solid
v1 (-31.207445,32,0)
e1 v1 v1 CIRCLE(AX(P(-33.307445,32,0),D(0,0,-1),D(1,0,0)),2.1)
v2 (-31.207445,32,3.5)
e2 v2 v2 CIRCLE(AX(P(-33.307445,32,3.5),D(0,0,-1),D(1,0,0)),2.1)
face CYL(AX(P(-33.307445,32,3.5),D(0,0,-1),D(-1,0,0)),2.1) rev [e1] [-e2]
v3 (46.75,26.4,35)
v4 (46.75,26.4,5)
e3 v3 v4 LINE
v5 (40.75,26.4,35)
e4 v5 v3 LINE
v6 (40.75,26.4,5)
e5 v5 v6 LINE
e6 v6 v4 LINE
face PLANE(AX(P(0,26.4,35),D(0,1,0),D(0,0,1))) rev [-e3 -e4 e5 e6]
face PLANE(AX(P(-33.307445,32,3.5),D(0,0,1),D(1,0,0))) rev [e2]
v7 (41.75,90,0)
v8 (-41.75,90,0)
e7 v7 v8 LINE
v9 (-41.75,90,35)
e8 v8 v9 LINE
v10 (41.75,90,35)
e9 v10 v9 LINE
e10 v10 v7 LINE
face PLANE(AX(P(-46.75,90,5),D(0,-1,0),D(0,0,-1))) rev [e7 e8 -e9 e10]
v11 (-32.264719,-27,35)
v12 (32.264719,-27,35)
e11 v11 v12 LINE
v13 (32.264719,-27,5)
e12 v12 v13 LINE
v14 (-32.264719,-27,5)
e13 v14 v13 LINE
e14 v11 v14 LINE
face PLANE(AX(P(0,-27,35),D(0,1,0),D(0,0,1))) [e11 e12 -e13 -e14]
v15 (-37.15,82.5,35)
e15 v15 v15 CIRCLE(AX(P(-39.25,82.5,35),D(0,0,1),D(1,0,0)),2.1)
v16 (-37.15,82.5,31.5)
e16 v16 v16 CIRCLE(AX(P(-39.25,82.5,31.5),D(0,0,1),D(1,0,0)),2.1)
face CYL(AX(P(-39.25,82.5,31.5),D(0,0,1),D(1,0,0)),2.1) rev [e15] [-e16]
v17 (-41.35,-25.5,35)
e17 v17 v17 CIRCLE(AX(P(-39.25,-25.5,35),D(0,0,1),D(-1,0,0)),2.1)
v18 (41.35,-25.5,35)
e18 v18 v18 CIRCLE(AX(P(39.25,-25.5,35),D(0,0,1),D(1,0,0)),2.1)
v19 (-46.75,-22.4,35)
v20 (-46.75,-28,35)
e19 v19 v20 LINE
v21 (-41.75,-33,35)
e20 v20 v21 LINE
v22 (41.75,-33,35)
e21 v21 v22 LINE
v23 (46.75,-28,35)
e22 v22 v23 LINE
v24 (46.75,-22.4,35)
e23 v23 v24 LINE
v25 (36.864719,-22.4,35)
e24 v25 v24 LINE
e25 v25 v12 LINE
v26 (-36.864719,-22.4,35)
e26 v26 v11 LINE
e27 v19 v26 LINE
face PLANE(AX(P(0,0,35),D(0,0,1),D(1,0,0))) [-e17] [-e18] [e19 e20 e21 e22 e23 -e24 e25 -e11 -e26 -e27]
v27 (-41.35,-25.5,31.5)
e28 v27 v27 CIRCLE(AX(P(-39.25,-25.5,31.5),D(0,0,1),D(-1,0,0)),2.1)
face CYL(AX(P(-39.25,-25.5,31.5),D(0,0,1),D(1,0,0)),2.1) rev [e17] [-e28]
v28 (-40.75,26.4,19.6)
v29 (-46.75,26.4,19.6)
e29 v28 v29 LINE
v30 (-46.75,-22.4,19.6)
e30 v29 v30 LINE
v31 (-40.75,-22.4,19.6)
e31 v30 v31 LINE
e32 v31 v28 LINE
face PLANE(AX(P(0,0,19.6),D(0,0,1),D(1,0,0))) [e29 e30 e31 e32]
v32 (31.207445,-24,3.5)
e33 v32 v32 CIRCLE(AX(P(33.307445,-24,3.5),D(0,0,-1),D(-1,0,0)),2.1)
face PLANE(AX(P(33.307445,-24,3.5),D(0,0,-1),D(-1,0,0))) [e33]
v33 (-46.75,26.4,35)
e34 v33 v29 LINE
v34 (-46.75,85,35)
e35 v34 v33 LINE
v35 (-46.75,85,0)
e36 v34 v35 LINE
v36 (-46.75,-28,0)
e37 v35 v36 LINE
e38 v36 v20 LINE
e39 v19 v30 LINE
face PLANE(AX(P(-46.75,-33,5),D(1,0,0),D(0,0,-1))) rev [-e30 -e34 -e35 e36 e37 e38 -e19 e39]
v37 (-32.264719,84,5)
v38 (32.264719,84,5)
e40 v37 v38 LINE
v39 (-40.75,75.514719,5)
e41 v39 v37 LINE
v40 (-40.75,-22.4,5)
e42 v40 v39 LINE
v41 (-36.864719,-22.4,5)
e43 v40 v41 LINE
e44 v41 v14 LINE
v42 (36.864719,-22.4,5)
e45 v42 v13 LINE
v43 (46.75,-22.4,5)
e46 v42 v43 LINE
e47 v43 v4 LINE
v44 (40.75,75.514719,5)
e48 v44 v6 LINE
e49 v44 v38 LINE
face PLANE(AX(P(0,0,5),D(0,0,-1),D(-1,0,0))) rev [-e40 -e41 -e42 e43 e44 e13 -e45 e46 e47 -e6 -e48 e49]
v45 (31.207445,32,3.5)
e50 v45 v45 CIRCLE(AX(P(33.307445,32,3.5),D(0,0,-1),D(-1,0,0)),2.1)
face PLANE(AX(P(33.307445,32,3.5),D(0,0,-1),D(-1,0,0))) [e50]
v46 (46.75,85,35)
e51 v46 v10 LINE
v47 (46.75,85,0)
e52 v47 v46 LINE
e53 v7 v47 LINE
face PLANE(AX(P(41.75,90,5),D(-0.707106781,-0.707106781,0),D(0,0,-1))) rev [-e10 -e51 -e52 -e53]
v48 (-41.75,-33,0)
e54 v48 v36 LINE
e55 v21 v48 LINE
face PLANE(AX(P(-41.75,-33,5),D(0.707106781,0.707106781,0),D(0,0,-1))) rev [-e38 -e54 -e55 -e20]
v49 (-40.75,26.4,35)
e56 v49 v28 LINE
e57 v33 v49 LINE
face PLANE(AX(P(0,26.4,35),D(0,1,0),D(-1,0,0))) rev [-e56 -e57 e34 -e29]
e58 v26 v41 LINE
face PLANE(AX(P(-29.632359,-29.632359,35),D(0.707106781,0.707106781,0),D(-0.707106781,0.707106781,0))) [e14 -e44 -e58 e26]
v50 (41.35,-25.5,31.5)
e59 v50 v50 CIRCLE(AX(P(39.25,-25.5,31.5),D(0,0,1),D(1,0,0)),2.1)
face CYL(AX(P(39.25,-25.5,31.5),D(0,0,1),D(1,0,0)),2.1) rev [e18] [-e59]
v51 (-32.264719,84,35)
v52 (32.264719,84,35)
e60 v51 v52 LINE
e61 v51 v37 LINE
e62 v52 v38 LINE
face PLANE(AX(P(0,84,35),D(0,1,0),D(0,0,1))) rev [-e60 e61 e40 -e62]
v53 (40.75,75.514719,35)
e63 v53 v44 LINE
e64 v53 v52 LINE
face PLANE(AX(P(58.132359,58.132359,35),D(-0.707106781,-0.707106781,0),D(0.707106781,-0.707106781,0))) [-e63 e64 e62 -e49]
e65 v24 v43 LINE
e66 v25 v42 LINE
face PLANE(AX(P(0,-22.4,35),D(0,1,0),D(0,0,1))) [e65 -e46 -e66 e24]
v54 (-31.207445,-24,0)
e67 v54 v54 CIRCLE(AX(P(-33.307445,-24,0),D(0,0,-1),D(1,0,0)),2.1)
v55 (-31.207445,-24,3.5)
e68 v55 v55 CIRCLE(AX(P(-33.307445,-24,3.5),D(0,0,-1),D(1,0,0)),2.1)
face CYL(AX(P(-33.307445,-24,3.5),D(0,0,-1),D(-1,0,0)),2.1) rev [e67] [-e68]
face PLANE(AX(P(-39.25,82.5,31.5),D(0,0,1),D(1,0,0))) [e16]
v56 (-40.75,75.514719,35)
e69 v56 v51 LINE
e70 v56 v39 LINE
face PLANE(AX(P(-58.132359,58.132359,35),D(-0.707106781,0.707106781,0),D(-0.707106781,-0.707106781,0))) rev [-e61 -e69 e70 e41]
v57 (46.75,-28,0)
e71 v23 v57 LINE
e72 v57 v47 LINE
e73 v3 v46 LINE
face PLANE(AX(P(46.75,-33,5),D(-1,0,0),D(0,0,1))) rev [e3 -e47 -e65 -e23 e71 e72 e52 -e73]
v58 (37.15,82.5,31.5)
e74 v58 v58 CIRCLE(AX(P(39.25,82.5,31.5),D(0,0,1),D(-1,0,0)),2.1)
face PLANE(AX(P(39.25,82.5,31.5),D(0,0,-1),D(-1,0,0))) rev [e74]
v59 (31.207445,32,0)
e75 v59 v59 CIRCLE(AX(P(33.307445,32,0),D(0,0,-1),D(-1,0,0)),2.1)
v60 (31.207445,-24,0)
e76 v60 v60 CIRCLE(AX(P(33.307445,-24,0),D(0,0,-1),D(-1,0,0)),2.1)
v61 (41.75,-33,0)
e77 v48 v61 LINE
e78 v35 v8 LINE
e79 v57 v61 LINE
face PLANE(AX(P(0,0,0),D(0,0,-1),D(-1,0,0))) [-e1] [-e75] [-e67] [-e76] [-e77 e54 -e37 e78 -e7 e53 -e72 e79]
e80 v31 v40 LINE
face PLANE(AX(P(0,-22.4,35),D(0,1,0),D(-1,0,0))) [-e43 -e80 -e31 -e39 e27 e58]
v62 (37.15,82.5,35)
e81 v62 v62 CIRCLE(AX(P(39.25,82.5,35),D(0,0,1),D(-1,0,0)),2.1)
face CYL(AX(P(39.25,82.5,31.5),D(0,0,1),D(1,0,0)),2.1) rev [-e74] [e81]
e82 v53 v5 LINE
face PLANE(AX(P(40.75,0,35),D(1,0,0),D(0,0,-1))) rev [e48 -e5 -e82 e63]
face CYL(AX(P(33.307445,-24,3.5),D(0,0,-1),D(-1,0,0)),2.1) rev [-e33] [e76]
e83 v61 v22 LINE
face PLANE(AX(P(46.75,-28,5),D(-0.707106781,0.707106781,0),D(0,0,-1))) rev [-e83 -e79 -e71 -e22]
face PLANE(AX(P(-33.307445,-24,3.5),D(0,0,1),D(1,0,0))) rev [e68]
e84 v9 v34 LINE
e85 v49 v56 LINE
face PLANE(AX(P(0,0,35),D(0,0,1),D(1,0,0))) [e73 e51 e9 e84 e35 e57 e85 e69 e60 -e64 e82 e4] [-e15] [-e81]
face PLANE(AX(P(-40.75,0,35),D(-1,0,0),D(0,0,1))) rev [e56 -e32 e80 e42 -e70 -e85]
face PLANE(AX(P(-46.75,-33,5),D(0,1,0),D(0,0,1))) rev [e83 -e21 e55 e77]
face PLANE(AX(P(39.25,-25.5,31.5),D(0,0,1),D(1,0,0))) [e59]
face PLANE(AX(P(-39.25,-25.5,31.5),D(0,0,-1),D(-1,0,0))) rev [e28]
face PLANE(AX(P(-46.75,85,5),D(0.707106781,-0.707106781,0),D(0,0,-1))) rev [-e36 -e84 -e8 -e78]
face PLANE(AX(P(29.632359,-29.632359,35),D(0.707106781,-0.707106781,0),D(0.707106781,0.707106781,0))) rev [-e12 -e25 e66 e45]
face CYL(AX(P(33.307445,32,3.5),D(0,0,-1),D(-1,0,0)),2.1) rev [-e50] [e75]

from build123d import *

# Parameters (mm, degrees)
SKETCH1_W           = 93.5
SKETCH1_H           = 123
BOSS_EXTRUDE1_DEPTH = 5
BOSS_EXTRUDE2_DEPTH = 30
CHAMFER1_SIZE       = 5
SKETCH4_W           = 6
SKETCH4_H           = 48.8
BOSS_EXTRUDE3_DEPTH = 14.6
SKETCH5_R           = 2.1
CUT_EXTRUDE1_DEPTH  = 3.5
SKETCH6_R           = 2.1
CUT_EXTRUDE2_DEPTH  = 3.5


with BuildPart() as part:
    # Sketch1 → Boss-Extrude1 (new body)
    with BuildSketch(Plane.XY):
        with Locations((0, 28.5)):
            Rectangle(SKETCH1_W, SKETCH1_H)
    extrude(amount=BOSS_EXTRUDE1_DEPTH)

    # Sketch3 → Boss-Extrude2 (add)
    with BuildSketch(Plane.XY.offset(5)):
        Polygon((-40.75, -22.4), (-46.75, -22.4), (-46.75, -33), (46.75, -33), (46.75, -22.4), (40.75, -22.4), (40.75, -27), (32.264718626, -27), (-32.264718626, -27), (-40.75, -27), align=None)
        Polygon((-36.864718626, -22.4), (-40.75, -22.4), (-40.75, -27), (-32.264718626, -27), align=None)
        Polygon((40.75, -27), (40.75, -22.4), (36.864718626, -22.4), (32.264718626, -27), align=None)
        Polygon((-46.75, 90), (-46.75, 26.4), (-40.75, 26.4), (-40.75, 75.514718626), (-40.75, 84), (-32.264718626, 84), (32.264718626, 84), (40.75, 84), (40.75, 75.514718626), (40.75, 26.4), (46.75, 26.4), (46.75, 90), align=None)
        Polygon((40.75, 84), (32.264718626, 84), (40.75, 75.514718626), align=None)
        Polygon((-40.75, 84), (-40.75, 75.514718626), (-32.264718626, 84), align=None)
    extrude(amount=BOSS_EXTRUDE2_DEPTH)

    # Chamfer1
    chamfer1_edges = [part.edges().sort_by_distance(p)[0] for p in [
        (-46.75, 90, 17.5),
        (46.75, 90, 17.5),
        (46.75, -33, 17.5),
        (-46.75, -33, 17.5),
    ]]
    chamfer(chamfer1_edges, length=CHAMFER1_SIZE)

    # Sketch4 → Boss-Extrude3 (add)
    with BuildSketch(Plane.XY.offset(5)):
        with Locations((-43.75, 2)):
            Rectangle(SKETCH4_W, SKETCH4_H)
    extrude(amount=BOSS_EXTRUDE3_DEPTH)

    # Sketch5 → Cut-Extrude1 (cut)
    with BuildSketch(Plane.XY.offset(35)):
        with Locations((-39.25, 82.5)):
            Circle(SKETCH5_R)
        with Locations(Location((-39.25, -25.5, 0), (0, 0, 180))):
            Circle(SKETCH5_R)
        with Locations(Location((39.25, 82.5, 0), (0, 0, 180))):
            Circle(SKETCH5_R)
        with Locations((39.25, -25.5)):
            Circle(SKETCH5_R)
    extrude(amount=-CUT_EXTRUDE1_DEPTH, mode=Mode.SUBTRACT)

    # Sketch6 → Cut-Extrude2 (cut)
    with BuildSketch(Plane(origin=(0, 0, 0), x_dir=(-1, 0, 0), z_dir=(0, 0, -1))):
        with Locations((-33.307444613, -24)):
            Circle(SKETCH6_R)
        with Locations((-33.307444613, 32)):
            Circle(SKETCH6_R)
        with Locations(Location((33.307444613, 32, 0), (0, 0, 180))):
            Circle(SKETCH6_R)
        with Locations(Location((33.307444613, -24, 0), (0, 0, 180))):
            Circle(SKETCH6_R)
    extrude(amount=-CUT_EXTRUDE2_DEPTH, mode=Mode.SUBTRACT)


solid = part.part
